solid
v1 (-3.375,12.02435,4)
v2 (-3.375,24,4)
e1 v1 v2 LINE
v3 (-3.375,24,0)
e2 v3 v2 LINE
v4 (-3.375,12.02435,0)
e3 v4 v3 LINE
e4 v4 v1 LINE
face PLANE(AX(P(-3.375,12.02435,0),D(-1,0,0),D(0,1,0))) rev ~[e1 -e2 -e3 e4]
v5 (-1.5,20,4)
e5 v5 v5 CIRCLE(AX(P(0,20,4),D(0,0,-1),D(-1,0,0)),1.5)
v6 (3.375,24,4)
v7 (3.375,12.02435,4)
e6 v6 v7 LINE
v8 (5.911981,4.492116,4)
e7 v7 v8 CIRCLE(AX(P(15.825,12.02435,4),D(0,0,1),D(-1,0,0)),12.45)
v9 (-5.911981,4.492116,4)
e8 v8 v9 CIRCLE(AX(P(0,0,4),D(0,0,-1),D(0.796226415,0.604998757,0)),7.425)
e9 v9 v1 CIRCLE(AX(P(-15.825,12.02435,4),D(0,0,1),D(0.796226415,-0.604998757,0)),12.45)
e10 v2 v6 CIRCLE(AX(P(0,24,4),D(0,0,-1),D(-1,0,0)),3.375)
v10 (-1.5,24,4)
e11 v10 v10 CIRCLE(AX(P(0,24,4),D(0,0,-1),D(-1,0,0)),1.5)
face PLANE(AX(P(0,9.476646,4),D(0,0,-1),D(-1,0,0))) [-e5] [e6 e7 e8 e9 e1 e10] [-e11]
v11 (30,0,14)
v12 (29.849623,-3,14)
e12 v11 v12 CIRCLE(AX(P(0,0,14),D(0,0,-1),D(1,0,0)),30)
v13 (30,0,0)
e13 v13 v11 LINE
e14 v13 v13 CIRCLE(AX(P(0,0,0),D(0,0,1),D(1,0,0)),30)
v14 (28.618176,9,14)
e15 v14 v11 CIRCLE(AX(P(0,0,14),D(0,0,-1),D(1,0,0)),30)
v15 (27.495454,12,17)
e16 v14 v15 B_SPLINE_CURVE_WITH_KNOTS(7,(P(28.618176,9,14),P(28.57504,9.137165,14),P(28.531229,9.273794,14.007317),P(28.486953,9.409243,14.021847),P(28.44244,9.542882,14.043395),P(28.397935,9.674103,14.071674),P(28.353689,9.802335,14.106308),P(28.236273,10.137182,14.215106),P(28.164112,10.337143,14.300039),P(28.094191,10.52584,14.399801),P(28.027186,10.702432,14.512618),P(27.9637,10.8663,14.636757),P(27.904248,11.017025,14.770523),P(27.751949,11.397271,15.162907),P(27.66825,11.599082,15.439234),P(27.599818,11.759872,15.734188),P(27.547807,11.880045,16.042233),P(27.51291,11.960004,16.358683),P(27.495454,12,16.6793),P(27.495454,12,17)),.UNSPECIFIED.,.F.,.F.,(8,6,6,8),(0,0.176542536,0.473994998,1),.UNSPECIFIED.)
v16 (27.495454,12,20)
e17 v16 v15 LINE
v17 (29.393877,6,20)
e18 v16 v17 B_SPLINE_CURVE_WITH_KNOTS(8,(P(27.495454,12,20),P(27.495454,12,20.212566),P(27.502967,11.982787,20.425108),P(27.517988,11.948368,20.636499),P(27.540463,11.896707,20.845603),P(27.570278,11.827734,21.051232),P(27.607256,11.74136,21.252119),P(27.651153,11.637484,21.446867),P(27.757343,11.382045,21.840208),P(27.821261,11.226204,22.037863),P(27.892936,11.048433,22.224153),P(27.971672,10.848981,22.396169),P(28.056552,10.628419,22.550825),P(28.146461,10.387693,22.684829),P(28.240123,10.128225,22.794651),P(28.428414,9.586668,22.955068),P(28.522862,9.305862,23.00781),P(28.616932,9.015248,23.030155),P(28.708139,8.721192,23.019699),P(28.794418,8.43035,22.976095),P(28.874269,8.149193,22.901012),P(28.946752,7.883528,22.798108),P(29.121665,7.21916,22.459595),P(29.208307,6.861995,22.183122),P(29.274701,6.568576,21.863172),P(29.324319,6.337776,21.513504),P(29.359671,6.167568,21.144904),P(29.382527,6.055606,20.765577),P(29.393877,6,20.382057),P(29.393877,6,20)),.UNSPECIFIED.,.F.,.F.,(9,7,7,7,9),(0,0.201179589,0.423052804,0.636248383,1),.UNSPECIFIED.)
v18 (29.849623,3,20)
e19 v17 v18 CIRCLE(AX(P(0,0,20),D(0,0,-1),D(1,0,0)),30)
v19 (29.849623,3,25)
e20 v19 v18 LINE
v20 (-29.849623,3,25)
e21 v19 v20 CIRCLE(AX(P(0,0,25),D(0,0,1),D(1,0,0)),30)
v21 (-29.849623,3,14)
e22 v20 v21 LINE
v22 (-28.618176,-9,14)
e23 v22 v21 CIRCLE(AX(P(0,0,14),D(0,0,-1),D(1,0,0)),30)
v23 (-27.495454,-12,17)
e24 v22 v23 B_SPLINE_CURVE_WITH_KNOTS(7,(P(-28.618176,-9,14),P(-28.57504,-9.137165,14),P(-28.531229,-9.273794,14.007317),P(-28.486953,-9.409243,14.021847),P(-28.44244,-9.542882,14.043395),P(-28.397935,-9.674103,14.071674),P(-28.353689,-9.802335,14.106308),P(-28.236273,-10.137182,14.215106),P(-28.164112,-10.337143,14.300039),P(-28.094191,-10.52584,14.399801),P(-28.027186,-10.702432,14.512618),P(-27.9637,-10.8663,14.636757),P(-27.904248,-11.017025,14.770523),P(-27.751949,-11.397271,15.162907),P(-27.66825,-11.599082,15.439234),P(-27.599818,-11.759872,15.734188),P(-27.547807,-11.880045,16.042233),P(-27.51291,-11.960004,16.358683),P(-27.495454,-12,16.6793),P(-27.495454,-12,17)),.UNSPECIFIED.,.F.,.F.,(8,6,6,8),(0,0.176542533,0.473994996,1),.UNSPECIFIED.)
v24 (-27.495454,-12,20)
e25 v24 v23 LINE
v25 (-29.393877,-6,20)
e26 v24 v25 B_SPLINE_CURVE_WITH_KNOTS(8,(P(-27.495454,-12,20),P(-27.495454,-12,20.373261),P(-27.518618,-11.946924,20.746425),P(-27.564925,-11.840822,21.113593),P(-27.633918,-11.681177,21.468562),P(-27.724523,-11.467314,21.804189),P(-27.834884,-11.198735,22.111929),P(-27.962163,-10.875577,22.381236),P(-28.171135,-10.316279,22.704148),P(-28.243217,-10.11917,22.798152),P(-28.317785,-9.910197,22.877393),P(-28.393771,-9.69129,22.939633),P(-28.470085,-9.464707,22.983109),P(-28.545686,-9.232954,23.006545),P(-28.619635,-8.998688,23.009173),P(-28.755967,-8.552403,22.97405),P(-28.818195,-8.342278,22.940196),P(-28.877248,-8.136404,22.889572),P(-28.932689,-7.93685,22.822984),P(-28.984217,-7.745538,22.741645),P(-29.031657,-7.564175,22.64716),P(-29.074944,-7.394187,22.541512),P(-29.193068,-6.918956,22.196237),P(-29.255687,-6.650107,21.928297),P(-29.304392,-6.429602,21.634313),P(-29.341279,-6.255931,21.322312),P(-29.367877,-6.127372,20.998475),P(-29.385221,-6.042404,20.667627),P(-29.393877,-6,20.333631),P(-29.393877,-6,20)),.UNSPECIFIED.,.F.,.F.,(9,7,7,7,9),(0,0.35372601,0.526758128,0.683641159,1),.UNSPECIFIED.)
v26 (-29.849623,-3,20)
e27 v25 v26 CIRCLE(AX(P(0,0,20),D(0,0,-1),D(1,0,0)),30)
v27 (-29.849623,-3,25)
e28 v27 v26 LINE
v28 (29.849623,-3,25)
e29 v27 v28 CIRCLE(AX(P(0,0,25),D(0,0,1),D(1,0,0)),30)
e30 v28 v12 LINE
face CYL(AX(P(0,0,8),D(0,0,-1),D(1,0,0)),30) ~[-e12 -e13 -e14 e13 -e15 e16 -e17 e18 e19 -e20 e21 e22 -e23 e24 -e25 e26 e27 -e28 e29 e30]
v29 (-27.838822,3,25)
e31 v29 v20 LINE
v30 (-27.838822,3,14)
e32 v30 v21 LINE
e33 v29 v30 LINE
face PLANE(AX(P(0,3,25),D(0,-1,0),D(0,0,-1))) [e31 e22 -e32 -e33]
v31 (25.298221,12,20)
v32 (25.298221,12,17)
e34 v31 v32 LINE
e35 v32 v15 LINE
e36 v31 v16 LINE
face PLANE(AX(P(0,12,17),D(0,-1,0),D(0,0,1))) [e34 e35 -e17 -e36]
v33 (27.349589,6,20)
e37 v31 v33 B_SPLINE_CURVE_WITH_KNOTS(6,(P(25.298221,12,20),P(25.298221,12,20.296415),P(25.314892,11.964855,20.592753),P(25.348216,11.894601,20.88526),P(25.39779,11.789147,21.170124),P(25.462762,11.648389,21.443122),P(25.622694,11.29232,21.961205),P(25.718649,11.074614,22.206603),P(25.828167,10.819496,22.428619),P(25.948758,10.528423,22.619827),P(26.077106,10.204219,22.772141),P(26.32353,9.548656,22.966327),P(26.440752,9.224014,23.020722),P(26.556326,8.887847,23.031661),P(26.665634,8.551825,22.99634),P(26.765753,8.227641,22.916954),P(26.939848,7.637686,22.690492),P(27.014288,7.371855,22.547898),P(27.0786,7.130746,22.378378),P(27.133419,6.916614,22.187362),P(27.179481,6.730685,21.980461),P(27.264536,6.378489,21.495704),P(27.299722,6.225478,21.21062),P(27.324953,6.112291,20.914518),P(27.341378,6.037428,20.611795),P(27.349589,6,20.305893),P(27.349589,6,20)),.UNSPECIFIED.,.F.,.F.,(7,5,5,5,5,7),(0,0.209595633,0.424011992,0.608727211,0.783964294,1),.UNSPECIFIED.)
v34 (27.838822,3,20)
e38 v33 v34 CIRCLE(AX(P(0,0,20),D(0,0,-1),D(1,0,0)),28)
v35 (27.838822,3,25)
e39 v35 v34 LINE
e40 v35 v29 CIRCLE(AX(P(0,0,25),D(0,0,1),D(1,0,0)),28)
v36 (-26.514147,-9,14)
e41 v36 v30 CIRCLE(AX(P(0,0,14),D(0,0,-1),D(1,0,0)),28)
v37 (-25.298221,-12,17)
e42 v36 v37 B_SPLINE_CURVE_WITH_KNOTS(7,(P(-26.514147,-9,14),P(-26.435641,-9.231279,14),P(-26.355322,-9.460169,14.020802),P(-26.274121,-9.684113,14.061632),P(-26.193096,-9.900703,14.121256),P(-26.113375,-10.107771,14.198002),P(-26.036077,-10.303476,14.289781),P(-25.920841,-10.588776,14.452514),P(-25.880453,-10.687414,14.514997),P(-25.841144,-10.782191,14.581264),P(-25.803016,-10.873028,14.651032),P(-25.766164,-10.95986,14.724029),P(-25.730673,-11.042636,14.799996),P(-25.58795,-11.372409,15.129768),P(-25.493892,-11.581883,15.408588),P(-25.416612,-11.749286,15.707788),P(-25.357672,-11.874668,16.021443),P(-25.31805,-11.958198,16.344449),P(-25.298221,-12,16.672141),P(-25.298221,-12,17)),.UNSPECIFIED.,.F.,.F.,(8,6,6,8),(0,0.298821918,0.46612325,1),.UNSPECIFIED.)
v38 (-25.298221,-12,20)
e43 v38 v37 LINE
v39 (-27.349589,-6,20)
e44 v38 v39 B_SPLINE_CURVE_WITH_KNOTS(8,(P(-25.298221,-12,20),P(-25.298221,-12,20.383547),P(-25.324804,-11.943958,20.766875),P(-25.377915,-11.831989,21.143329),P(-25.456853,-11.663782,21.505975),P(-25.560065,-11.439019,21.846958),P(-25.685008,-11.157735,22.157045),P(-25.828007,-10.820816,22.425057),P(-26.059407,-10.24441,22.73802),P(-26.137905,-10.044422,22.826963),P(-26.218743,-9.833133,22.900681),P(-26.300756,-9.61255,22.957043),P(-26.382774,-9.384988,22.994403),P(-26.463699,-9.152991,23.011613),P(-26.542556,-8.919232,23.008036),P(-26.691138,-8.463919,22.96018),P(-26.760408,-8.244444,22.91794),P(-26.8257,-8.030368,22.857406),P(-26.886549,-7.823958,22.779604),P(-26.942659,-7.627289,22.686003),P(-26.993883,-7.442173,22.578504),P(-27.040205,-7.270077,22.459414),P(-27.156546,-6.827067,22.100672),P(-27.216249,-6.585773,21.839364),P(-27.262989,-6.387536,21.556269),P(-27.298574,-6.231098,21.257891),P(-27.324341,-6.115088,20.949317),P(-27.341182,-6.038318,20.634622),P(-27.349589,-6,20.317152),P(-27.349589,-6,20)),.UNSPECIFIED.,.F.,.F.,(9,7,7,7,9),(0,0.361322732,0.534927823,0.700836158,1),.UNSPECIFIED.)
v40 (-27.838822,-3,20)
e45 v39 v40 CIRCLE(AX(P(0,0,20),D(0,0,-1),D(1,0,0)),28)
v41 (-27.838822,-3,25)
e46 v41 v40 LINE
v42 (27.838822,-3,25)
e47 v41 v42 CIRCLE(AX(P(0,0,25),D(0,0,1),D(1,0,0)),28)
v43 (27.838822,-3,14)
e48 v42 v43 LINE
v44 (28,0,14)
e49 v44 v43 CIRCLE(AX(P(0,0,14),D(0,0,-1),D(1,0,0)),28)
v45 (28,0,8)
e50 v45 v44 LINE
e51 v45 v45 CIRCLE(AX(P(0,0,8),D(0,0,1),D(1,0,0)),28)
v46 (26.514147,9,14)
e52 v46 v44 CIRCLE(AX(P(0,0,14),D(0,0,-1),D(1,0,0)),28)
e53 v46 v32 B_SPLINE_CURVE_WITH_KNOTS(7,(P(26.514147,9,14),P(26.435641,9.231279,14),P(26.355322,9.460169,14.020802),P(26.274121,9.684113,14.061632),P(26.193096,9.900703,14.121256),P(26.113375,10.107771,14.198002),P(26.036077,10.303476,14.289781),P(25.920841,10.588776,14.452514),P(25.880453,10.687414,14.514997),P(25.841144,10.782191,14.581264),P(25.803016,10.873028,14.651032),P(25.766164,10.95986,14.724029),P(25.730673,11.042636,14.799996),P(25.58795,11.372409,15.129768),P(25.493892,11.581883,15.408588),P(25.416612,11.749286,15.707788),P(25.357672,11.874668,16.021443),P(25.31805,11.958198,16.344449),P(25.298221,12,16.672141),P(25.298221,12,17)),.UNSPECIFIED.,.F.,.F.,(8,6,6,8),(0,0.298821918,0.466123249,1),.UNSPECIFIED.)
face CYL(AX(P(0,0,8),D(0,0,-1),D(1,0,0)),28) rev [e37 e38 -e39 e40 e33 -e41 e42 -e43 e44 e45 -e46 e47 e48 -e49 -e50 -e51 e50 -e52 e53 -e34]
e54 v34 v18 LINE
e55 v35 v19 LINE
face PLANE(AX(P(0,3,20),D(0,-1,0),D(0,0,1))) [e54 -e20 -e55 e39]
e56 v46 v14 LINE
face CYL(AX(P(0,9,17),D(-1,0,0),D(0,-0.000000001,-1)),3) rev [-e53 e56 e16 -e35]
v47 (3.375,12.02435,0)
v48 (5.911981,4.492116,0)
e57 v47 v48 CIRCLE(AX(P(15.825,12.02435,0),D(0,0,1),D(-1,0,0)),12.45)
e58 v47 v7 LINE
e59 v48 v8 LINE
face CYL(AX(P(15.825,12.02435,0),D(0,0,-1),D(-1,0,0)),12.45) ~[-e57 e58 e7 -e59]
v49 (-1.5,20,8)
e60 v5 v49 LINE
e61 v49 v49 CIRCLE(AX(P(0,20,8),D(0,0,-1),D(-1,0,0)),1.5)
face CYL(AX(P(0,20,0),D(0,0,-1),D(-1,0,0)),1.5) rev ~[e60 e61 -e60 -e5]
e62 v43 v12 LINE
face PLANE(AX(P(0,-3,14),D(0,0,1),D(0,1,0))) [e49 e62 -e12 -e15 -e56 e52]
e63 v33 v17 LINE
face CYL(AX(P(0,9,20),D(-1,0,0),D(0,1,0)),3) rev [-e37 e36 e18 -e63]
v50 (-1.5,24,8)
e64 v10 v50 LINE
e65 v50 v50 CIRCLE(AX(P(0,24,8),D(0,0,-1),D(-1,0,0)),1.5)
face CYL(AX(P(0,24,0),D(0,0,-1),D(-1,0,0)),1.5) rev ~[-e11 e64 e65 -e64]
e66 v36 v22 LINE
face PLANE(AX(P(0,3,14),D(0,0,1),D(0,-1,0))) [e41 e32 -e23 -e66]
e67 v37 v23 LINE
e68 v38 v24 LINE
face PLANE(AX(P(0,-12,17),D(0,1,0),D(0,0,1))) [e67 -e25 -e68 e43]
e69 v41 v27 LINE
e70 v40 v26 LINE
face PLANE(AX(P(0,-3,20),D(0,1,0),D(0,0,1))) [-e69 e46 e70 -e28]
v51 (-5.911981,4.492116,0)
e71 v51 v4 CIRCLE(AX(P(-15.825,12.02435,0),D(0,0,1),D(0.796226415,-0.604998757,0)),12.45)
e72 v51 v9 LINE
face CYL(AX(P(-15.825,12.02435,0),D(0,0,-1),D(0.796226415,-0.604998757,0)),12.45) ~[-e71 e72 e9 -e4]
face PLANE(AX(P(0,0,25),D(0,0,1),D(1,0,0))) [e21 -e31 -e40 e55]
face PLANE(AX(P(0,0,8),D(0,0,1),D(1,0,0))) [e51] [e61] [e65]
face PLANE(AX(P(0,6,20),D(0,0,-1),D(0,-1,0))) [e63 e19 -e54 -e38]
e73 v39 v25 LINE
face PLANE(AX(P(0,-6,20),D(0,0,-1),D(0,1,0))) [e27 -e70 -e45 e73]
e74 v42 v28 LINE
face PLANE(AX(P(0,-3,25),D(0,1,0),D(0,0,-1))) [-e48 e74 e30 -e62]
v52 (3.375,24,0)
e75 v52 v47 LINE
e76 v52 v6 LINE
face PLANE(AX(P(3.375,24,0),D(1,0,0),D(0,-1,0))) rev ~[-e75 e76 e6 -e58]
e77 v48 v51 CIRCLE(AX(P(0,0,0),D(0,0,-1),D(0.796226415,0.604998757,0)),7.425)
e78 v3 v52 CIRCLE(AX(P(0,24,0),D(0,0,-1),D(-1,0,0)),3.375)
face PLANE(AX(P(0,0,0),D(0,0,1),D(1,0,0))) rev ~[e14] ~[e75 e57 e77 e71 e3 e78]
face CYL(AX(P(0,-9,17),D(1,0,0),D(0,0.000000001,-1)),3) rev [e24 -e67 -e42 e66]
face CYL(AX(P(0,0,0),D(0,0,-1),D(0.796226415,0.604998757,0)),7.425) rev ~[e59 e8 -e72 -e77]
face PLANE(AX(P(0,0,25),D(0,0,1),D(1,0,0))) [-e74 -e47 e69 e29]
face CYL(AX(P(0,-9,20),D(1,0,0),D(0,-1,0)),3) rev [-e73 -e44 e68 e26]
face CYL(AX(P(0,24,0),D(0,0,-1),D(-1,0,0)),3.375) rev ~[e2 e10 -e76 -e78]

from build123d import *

# Parameters (mm, degrees)
SKETCH1_R           = 30
BOSS_EXTRUDE1_DEPTH = 8
SKETCH2_R           = 30
SKETCH2_R_2         = 28
BOSS_EXTRUDE2_DEPTH = 17
CUT_EXTRUDE1_DEPTH  = 39
CIRPATTERN1_COUNT   = 2
CIRPATTERN1_ANGLE   = 180
CUT_EXTRUDE2_DEPTH  = 4
SKETCH4_4_R         = 1.5
CUT_EXTRUDE3_DEPTH  = 20


with BuildPart() as part:
    # Sketch1 → Boss-Extrude1 (new body)
    with BuildSketch(Plane.XY):
        Circle(SKETCH1_R)
    extrude(amount=BOSS_EXTRUDE1_DEPTH)

    # Sketch2 → Boss-Extrude2 (add)
    with BuildSketch(Plane.XY.offset(8)):
        Circle(SKETCH2_R)
        Circle(SKETCH2_R_2, mode=Mode.SUBTRACT)
    extrude(amount=BOSS_EXTRUDE2_DEPTH)

    # Sketch3 → Cut-Extrude1 (cut)
    with BuildSketch(Plane(origin=(0, 0, 0), x_dir=(0, 0, -1), z_dir=(1, 0, 0))):
        with BuildLine():
            Line((-25, 3), (-20, 3))
            Line((-20, 3), (-14, 3))
            Line((-14, 3), (-14, -9))
            ThreePointArc((-14, -9), (-14.878679656, -11.121320344), (-17, -12))
            Line((-17, -12), (-20, -12))
            ThreePointArc((-20, -12), (-23, -9), (-20, -6))
            Line((-20, -6), (-20, -3))
            Line((-20, -3), (-25, -3))
            Line((-25, -3), (-25, 3))
        make_face()
    cut_extrude1 = extrude(amount=-CUT_EXTRUDE1_DEPTH, mode=Mode.SUBTRACT)

    # CirPattern1: Cut-Extrude1 ×2 about axis
    cirpattern1_axis = Axis((0, 0, 8), (0, 0, 1))
    for i in range(1, CIRPATTERN1_COUNT):
        add(cut_extrude1.rotate(cirpattern1_axis, i * CIRPATTERN1_ANGLE / (CIRPATTERN1_COUNT - 1)), mode=Mode.SUBTRACT)

    # Sketch4 → Cut-Extrude2 (cut)
    with BuildSketch(Plane(origin=(0, 0, 0), x_dir=(-1, 0, 0), z_dir=(0, 0, -1))):
        with BuildLine():
            Line((-3.375, 24), (-3.375, 12.024350294))
            ThreePointArc((-3.375, 12.024350294), (-4.02628005, 8.050346325), (-5.911981132, 4.49211577))
            ThreePointArc((-5.911981132, 4.49211577), (0, -7.425), (5.911981132, 4.49211577))
            ThreePointArc((5.911981132, 4.49211577), (4.02628005, 8.050346325), (3.375, 12.024350294))
            Line((3.375, 12.024350294), (3.375, 24))
            ThreePointArc((3.375, 24), (0, 27.375), (-3.375, 24))
        make_face()
    extrude(amount=-CUT_EXTRUDE2_DEPTH, mode=Mode.SUBTRACT)

    # Sketch4<4> → Cut-Extrude3 (cut)
    with BuildSketch(Plane(origin=(0, 0, 0), x_dir=(-1, 0, 0), z_dir=(0, 0, -1))):
        with Locations((0, 24)):
            Circle(SKETCH4_4_R)
        with Locations((0, 20)):
            Circle(SKETCH4_4_R)
    extrude(amount=-CUT_EXTRUDE3_DEPTH, mode=Mode.SUBTRACT)


solid = part.part
